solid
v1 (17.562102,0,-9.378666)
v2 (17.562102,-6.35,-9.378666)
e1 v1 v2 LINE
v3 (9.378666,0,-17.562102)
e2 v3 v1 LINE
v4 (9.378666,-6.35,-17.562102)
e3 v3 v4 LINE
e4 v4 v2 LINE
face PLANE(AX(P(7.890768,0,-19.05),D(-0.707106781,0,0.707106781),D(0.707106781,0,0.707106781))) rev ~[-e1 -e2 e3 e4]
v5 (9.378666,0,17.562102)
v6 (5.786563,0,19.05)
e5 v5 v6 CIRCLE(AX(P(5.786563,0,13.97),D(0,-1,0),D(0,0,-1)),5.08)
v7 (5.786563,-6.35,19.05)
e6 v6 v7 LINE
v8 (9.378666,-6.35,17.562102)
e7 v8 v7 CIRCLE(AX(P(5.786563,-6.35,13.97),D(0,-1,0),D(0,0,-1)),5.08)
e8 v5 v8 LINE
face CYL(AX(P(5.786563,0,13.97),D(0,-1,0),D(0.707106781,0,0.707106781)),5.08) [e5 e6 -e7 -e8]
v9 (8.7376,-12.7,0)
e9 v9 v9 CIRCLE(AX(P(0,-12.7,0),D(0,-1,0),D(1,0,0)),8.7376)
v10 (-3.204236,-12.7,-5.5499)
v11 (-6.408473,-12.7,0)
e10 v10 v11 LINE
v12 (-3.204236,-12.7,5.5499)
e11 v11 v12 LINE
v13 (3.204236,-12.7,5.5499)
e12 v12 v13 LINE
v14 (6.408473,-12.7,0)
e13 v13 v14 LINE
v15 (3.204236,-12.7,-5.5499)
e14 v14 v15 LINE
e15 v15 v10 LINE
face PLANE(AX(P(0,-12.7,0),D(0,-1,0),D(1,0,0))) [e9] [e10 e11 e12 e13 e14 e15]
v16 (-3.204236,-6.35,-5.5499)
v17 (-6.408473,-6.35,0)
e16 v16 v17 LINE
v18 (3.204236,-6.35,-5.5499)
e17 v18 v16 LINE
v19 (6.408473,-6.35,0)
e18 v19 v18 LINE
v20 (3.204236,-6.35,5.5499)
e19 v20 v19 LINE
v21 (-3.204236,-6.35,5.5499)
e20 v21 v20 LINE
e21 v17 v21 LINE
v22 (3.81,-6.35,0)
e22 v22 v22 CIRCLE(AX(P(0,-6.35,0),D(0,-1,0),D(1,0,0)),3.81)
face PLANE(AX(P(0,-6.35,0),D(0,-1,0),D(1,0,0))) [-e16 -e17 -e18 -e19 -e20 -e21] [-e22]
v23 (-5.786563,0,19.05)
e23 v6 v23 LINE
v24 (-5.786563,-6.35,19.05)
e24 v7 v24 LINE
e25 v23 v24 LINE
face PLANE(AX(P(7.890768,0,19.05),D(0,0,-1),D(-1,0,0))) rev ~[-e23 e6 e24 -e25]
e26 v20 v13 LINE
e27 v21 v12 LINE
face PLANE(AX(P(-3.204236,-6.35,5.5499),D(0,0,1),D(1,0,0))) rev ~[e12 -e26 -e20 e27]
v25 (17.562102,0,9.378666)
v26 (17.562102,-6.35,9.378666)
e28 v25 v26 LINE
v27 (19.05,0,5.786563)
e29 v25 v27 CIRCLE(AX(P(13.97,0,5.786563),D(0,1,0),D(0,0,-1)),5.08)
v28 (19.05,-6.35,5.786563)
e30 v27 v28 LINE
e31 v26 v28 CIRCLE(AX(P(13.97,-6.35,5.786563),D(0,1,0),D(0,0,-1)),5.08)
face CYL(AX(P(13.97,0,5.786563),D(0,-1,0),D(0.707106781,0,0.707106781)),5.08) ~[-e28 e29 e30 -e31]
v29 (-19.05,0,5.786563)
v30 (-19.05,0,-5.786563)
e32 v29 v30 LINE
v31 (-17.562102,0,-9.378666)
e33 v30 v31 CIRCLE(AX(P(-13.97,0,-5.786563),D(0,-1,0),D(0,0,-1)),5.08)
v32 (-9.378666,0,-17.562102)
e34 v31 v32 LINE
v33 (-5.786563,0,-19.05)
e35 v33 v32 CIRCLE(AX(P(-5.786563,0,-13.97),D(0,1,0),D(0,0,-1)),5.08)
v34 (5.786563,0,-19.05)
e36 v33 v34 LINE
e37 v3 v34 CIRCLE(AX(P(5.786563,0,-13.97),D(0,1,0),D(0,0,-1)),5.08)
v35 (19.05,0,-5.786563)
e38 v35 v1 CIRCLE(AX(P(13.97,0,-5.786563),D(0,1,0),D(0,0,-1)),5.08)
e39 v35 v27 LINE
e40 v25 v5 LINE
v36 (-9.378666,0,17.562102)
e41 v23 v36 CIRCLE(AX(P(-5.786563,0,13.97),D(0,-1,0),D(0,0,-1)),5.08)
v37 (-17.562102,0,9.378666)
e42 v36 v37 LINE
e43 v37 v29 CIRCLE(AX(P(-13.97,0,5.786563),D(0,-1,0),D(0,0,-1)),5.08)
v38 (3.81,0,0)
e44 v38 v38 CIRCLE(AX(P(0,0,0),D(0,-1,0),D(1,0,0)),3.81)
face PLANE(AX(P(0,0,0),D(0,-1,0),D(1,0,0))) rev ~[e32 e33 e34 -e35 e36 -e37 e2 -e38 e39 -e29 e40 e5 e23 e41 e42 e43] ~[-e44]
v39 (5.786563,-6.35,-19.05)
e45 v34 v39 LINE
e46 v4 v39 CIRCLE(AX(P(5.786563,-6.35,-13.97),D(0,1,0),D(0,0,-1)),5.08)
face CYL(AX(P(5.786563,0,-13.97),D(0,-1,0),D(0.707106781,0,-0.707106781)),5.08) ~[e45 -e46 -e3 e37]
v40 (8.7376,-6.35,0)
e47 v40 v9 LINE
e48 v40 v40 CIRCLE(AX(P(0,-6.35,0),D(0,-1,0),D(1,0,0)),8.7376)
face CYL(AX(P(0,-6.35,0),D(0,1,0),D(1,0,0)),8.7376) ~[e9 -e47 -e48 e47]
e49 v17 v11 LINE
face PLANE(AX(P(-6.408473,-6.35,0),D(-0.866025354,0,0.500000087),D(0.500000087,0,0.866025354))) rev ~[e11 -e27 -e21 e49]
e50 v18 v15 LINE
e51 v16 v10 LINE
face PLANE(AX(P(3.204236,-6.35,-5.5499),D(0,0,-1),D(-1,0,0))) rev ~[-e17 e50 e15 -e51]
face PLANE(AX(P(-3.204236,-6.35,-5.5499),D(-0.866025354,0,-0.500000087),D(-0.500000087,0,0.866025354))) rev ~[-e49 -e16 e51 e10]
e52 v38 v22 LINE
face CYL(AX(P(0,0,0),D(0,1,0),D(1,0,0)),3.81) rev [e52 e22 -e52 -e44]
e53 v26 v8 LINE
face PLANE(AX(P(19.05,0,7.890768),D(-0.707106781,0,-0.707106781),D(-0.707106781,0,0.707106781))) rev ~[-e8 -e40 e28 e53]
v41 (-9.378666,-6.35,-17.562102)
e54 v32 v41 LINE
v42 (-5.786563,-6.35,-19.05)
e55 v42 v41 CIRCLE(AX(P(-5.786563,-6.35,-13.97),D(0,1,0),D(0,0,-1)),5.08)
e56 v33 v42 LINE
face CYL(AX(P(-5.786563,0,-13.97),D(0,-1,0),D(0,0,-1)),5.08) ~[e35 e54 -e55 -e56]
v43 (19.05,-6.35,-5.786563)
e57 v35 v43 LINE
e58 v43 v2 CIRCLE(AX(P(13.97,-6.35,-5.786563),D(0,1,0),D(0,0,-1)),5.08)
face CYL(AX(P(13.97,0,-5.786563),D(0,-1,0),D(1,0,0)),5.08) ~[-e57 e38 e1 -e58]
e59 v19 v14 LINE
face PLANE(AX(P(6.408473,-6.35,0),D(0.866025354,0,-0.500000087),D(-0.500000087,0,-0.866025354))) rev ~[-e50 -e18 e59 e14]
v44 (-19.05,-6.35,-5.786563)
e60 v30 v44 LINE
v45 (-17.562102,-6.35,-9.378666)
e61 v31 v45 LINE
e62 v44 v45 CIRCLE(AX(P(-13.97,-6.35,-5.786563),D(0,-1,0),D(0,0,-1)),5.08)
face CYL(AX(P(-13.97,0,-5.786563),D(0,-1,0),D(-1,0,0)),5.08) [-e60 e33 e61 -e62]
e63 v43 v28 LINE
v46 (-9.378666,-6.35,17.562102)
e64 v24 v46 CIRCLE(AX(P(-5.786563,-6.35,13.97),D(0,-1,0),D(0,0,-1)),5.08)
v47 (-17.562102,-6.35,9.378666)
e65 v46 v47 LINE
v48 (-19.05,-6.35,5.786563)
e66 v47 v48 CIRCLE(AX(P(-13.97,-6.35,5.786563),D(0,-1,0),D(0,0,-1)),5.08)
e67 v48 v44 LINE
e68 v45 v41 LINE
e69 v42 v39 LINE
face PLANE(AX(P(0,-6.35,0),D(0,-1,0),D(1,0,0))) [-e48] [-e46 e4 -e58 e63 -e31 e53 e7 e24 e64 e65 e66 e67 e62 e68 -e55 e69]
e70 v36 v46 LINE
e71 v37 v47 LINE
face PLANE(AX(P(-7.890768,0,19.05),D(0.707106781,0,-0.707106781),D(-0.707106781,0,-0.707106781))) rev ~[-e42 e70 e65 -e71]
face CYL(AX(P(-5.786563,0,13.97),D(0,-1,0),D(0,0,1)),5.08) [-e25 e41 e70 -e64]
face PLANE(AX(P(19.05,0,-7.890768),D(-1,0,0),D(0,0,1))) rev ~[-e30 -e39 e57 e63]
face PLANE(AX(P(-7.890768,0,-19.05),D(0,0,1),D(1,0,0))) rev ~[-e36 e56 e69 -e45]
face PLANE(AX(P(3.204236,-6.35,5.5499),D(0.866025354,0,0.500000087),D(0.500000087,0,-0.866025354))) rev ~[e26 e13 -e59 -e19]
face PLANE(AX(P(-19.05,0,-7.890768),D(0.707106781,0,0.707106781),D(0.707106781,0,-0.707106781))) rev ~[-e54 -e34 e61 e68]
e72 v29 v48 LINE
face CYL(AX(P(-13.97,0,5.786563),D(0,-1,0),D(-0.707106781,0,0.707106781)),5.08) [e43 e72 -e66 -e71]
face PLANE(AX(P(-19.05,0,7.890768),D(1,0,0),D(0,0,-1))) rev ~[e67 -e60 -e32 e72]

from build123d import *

# Parameters (mm, degrees)
F0_R     = 3.81
F1_DEPTH = 6.35
F2_R     = 8.7376
F3_DEPTH = 6.35
F4_R     = 5.08


with BuildPart() as f1:
    # F0 (on Front) → F1 (new body)
    with BuildSketch(Plane.XZ):
        Polygon((19.05, 7.890768), (7.890768, 19.05), (-7.890768, 19.05), (-19.05, 7.890768), (-19.05, -7.890768), (-7.890768, -19.05), (7.890768, -19.05), (19.05, -7.890768), align=None)
        Circle(F0_R, mode=Mode.SUBTRACT)
    extrude(amount=F1_DEPTH)

    # F2 (on face) → F3 (join)
    with BuildSketch(Plane.XZ.offset(6.35)):
        Circle(F2_R)
        Polygon((-3.204236, -5.5499), (-6.408473, 0), (-3.204236, 5.5499), (3.204236, 5.5499), (6.408473, 0), (3.204236, -5.5499), align=None, mode=Mode.SUBTRACT)
    extrude(amount=F3_DEPTH)

    # F4
    f4_edges = [f1.edges().sort_by_distance(p)[0] for p in [
        (7.890768, -3.175, 19.05),
        (19.05, -3.175, 7.890768),
        (19.05, -3.175, -7.890768),
        (7.890768, -3.175, -19.05),
        (-7.890768, -3.175, -19.05),
        (-19.05, -3.175, -7.890768),
        (-19.05, -3.175, 7.890768),
        (-7.890768, -3.175, 19.05),
    ]]
    fillet(f4_edges, radius=F4_R)


solid = f1.part
